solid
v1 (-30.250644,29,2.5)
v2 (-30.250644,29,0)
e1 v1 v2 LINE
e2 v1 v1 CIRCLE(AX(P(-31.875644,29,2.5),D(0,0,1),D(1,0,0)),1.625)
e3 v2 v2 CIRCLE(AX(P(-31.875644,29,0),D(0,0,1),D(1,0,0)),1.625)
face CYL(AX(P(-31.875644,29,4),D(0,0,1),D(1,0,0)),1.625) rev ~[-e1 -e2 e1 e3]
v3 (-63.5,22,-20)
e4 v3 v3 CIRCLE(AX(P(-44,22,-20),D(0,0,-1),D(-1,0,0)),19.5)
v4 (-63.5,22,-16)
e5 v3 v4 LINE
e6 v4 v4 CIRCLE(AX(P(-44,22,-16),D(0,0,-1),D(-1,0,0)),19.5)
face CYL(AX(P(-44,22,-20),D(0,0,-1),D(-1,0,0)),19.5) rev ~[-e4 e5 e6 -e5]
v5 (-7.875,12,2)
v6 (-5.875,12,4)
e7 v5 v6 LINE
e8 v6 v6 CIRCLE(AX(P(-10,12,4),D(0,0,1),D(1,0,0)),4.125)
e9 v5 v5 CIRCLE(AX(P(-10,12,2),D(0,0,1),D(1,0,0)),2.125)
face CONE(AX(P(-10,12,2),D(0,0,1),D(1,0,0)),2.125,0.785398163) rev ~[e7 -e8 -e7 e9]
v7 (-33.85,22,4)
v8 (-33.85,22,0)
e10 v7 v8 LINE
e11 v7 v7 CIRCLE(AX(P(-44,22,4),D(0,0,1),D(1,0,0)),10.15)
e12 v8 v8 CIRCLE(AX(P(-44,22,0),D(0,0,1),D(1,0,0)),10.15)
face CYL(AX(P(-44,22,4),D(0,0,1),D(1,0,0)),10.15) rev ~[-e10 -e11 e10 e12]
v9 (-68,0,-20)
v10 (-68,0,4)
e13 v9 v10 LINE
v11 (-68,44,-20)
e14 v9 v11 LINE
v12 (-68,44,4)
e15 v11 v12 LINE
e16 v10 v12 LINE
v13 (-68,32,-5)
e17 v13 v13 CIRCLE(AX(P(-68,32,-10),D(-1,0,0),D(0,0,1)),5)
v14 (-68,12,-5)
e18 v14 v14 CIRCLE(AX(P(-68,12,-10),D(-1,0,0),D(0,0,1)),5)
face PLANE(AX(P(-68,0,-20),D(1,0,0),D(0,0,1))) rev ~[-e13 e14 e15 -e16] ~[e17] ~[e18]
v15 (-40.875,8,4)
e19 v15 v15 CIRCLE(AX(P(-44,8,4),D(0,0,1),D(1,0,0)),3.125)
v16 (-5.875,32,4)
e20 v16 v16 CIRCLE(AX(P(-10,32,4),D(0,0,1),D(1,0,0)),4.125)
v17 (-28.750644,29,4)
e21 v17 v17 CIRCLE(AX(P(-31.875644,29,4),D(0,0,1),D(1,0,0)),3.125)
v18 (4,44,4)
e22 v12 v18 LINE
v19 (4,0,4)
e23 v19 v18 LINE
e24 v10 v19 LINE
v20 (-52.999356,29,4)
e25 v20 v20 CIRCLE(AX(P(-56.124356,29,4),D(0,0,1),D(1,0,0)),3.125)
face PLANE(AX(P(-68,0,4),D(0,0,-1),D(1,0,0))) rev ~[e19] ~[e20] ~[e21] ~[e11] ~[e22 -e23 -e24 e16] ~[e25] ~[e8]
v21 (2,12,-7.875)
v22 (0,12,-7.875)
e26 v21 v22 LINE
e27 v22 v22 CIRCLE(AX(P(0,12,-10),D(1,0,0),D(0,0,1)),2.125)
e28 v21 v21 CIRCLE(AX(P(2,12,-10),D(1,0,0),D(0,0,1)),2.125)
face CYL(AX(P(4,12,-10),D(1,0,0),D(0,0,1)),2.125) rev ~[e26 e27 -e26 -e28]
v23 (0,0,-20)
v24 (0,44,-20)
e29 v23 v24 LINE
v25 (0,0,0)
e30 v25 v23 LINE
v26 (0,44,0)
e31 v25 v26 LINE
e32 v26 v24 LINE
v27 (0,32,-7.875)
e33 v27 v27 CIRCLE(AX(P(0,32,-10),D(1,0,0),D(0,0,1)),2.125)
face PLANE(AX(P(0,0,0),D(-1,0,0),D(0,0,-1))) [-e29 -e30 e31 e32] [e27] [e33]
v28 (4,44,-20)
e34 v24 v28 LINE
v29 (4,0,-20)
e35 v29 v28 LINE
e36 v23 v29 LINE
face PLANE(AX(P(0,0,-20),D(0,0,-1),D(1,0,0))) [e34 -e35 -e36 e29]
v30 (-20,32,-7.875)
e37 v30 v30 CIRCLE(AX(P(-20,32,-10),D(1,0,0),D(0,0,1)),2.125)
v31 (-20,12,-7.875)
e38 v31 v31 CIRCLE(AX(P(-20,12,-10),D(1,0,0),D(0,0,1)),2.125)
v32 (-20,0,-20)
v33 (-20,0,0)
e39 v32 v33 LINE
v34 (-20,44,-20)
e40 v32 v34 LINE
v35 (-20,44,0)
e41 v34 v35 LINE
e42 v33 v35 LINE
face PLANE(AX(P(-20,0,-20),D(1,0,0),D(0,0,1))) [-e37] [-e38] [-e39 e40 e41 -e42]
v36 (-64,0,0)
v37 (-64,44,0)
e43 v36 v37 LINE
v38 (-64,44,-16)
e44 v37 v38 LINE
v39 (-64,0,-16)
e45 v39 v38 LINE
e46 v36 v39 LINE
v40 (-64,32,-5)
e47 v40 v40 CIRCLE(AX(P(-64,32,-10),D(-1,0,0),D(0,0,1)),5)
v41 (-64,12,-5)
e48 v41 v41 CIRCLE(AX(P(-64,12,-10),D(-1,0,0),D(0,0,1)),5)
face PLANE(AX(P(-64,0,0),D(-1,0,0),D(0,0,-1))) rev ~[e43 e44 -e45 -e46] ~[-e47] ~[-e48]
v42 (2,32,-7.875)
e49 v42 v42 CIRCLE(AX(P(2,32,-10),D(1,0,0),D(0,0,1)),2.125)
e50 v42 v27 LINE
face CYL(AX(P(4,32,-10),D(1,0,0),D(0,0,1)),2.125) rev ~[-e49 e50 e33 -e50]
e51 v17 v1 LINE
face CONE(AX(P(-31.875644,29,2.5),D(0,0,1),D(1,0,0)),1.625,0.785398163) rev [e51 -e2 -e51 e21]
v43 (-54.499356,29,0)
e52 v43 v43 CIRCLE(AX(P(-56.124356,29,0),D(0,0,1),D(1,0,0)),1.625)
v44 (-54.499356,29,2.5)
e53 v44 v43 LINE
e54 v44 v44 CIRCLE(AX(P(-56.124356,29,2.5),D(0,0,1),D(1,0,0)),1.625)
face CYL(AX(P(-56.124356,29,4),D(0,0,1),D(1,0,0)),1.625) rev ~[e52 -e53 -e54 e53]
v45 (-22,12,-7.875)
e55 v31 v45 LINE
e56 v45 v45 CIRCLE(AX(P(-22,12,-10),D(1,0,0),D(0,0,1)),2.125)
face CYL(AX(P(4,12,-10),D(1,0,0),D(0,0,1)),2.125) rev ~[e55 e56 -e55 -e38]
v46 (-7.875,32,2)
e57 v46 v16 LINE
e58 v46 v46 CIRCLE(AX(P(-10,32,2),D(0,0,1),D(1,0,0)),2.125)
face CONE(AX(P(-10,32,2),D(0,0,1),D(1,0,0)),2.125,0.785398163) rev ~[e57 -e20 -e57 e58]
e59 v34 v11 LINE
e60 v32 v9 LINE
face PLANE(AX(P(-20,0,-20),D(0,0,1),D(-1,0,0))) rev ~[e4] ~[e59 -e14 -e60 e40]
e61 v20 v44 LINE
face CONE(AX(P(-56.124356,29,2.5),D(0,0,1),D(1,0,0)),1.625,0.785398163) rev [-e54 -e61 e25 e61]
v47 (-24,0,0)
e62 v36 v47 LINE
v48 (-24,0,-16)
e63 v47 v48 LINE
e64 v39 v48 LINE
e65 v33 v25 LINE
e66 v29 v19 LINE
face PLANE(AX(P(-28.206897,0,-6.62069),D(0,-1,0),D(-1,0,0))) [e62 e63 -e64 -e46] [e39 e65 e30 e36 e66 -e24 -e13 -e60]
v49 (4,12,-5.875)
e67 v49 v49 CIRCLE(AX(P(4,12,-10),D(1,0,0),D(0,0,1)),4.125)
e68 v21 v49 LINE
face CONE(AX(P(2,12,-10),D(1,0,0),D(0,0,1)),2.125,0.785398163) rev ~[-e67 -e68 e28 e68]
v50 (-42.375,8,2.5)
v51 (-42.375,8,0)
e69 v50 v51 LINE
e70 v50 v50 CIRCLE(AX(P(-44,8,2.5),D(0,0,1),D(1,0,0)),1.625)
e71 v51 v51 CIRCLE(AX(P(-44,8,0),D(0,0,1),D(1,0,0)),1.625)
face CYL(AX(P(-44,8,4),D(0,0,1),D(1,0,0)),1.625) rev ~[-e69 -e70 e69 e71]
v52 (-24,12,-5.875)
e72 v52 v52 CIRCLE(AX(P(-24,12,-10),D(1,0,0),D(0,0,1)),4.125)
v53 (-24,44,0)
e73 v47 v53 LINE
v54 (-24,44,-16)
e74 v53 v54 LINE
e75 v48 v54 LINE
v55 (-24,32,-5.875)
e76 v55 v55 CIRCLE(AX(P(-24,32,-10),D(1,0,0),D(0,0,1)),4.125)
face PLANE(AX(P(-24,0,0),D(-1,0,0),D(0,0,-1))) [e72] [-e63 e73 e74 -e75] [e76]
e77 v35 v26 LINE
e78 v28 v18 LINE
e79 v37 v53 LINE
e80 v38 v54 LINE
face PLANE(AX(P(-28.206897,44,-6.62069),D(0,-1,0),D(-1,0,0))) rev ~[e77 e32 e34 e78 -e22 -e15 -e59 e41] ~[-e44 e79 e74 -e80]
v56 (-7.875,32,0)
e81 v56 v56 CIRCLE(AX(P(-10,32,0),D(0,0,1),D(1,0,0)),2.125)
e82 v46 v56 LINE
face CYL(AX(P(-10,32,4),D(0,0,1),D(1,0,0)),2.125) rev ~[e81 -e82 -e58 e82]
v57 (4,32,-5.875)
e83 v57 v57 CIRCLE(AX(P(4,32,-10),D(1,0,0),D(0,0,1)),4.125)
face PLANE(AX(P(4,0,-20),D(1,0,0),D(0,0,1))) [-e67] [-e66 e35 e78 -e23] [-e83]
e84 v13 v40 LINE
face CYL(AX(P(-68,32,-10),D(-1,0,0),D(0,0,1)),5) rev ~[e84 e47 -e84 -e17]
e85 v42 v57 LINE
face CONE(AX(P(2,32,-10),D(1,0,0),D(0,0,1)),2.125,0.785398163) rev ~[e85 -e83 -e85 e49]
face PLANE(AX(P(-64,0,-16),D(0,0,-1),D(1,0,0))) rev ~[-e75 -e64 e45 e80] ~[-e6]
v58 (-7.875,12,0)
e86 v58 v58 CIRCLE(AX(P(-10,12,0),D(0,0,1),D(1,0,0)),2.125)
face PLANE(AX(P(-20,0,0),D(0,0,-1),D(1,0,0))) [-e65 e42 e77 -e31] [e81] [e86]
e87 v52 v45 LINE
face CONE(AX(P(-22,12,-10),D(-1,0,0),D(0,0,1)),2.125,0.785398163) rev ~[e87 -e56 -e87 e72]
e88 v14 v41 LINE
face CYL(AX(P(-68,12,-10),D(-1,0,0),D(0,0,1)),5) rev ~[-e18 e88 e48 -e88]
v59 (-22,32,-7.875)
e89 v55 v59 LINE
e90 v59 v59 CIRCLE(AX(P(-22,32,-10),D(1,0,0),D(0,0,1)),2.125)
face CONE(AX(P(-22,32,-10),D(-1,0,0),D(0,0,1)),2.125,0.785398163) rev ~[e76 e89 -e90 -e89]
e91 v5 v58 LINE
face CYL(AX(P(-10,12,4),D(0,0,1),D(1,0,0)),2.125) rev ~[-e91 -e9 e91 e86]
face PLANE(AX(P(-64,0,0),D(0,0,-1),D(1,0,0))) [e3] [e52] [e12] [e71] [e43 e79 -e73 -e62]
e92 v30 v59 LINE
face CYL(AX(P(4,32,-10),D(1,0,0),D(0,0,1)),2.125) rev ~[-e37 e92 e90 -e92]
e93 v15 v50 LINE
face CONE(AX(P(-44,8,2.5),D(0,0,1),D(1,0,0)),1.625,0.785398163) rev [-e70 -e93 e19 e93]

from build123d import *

# Parameters (mm, degrees)
SKETCH1_W           = 40
SKETCH1_H           = 16
BOSS_EXTRUDE1_DEPTH = 44
CUT_EXTRUDE1_REACH  = 86.475
SKETCH3_R           = 19.5
CUT_EXTRUDE2_REACH  = 86.475
SKETCH4_R           = 10.15
SKETCH4_R_2         = 1.625
SKETCH5_R           = 2.125
CUT_EXTRUDE3_DEPTH  = 87.717933555
CUT_EXTRUDE4_REACH  = 86.475
SKETCH6_R           = 2.125
CHAMFER1_SIZE       = 2
CHAMFER2_SIZE       = 1.5
CUT_EXTRUDE5_REACH  = 88.718
SKETCH7_R           = 5


with BuildPart() as part:
    # Sketch1 → Boss-Extrude1 (new body)
    with BuildSketch(Plane(origin=(0, 0, 0), x_dir=(1, 0, 0), z_dir=(0, 1, 0))):
        Polygon((0, 0), (0, 20), (4, 20), (4, -4), (-24, -4), (-68, -4), (-68, 0), (-68, 16), (-68, 20), (-24, 20), (-20, 20), (-20, 0), align=None)
        with Locations((-44, 8)):
            Rectangle(SKETCH1_W, SKETCH1_H, mode=Mode.SUBTRACT)
    extrude(amount=BOSS_EXTRUDE1_DEPTH)

    # Sketch3 → Cut-Extrude1 (cut, up to next)
    with BuildSketch(Plane(origin=(0, 0, -20), x_dir=(-1, 0, 0), z_dir=(0, 0, -1)), mode=Mode.PRIVATE) as cut_extrude1_sk1:
        with Locations((44, 22)):
            Circle(SKETCH3_R)
    cut_extrude1_tool1 = extrude(cut_extrude1_sk1.sketch, amount=-CUT_EXTRUDE1_REACH, mode=Mode.PRIVATE) & part.part
    add(cut_extrude1_tool1.solids().sort_by_distance((-44, 22, -20))[0], mode=Mode.SUBTRACT)

    # Sketch4 → Cut-Extrude2 (cut, up to next)
    with BuildSketch(Plane.XY.offset(4), mode=Mode.PRIVATE) as cut_extrude2_sk1:
        with Locations((-44, 22)):
            Circle(SKETCH4_R)
    cut_extrude2_tool1 = extrude(cut_extrude2_sk1.sketch, amount=-CUT_EXTRUDE2_REACH, mode=Mode.PRIVATE) & part.part
    # Sketch4 → Cut-Extrude2 (cut, up to next)
    with BuildSketch(Plane.XY.offset(4), mode=Mode.PRIVATE) as cut_extrude2_sk2:
        with Locations((-56.124355653, 29)):
            Circle(SKETCH4_R_2)
    cut_extrude2_tool2 = extrude(cut_extrude2_sk2.sketch, amount=-CUT_EXTRUDE2_REACH, mode=Mode.PRIVATE) & part.part
    # Sketch4 → Cut-Extrude2 (cut, up to next)
    with BuildSketch(Plane.XY.offset(4), mode=Mode.PRIVATE) as cut_extrude2_sk3:
        with Locations((-31.875644347, 29)):
            Circle(SKETCH4_R_2)
    cut_extrude2_tool3 = extrude(cut_extrude2_sk3.sketch, amount=-CUT_EXTRUDE2_REACH, mode=Mode.PRIVATE) & part.part
    # Sketch4 → Cut-Extrude2 (cut, up to next)
    with BuildSketch(Plane.XY.offset(4), mode=Mode.PRIVATE) as cut_extrude2_sk4:
        with Locations((-44, 8)):
            Circle(SKETCH4_R_2)
    cut_extrude2_tool4 = extrude(cut_extrude2_sk4.sketch, amount=-CUT_EXTRUDE2_REACH, mode=Mode.PRIVATE) & part.part
    add(cut_extrude2_tool1.solids().sort_by_distance((-44, 22, 4))[0], mode=Mode.SUBTRACT)
    add(cut_extrude2_tool2.solids().sort_by_distance((-56.124356, 29, 4))[0], mode=Mode.SUBTRACT)
    add(cut_extrude2_tool3.solids().sort_by_distance((-31.875644, 29, 4))[0], mode=Mode.SUBTRACT)
    add(cut_extrude2_tool4.solids().sort_by_distance((-44, 8, 4))[0], mode=Mode.SUBTRACT)

    # Sketch5 → Cut-Extrude3 (cut, through all)
    with BuildSketch(Plane(origin=(4, 0, 0), x_dir=(0, 0, -1), z_dir=(1, 0, 0))):
        with Locations(Location((10, 32, 0), (0, 0, 180))):
            Circle(SKETCH5_R)
        with Locations(Location((10, 12, 0), (0, 0, 180))):
            Circle(SKETCH5_R)
    extrude(amount=-CUT_EXTRUDE3_DEPTH, mode=Mode.SUBTRACT)

    # Sketch6 → Cut-Extrude4 (cut, up to next)
    with BuildSketch(Plane.XY.offset(4), mode=Mode.PRIVATE) as cut_extrude4_sk1:
        with Locations((-10, 32)):
            Circle(SKETCH6_R)
    cut_extrude4_tool1 = extrude(cut_extrude4_sk1.sketch, amount=-CUT_EXTRUDE4_REACH, mode=Mode.PRIVATE) & part.part
    # Sketch6 → Cut-Extrude4 (cut, up to next)
    with BuildSketch(Plane.XY.offset(4), mode=Mode.PRIVATE) as cut_extrude4_sk2:
        with Locations((-10, 12)):
            Circle(SKETCH6_R)
    cut_extrude4_tool2 = extrude(cut_extrude4_sk2.sketch, amount=-CUT_EXTRUDE4_REACH, mode=Mode.PRIVATE) & part.part
    add(cut_extrude4_tool1.solids().sort_by_distance((-10, 32, 4))[0], mode=Mode.SUBTRACT)
    add(cut_extrude4_tool2.solids().sort_by_distance((-10, 12, 4))[0], mode=Mode.SUBTRACT)

    # Chamfer1
    chamfer1_edges = [part.edges().sort_by_distance(p)[0] for p in [
        (-12.125, 12, 4),
        (-24, 32, -12.125),
        (4, 32, -12.125),
        (-24, 12, -12.125),
        (4, 12, -12.125),
        (-12.125, 32, 4),
    ]]
    chamfer(chamfer1_edges, length=CHAMFER1_SIZE)

    # Chamfer2
    chamfer2_edges = [part.edges().sort_by_distance(p)[0] for p in [
        (-45.625, 8, 4),
        (-33.500644347, 29, 4),
        (-57.749355653, 29, 4),
    ]]
    chamfer(chamfer2_edges, length=CHAMFER2_SIZE)

    # Sketch7 → Cut-Extrude5 (cut, up to next)
    with BuildSketch(Plane.ZY.offset(68), mode=Mode.PRIVATE) as cut_extrude5_sk1:
        with Locations((-10, 32)):
            Circle(SKETCH7_R)
    cut_extrude5_tool1 = extrude(cut_extrude5_sk1.sketch, amount=-CUT_EXTRUDE5_REACH, mode=Mode.PRIVATE) & part.part
    # Sketch7 → Cut-Extrude5 (cut, up to next)
    with BuildSketch(Plane.ZY.offset(68), mode=Mode.PRIVATE) as cut_extrude5_sk2:
        with Locations((-10, 12)):
            Circle(SKETCH7_R)
    cut_extrude5_tool2 = extrude(cut_extrude5_sk2.sketch, amount=-CUT_EXTRUDE5_REACH, mode=Mode.PRIVATE) & part.part
    add(cut_extrude5_tool1.solids().sort_by_distance((-68, 32, -10))[0], mode=Mode.SUBTRACT)
    add(cut_extrude5_tool2.solids().sort_by_distance((-68, 12, -10))[0], mode=Mode.SUBTRACT)


solid = part.part
